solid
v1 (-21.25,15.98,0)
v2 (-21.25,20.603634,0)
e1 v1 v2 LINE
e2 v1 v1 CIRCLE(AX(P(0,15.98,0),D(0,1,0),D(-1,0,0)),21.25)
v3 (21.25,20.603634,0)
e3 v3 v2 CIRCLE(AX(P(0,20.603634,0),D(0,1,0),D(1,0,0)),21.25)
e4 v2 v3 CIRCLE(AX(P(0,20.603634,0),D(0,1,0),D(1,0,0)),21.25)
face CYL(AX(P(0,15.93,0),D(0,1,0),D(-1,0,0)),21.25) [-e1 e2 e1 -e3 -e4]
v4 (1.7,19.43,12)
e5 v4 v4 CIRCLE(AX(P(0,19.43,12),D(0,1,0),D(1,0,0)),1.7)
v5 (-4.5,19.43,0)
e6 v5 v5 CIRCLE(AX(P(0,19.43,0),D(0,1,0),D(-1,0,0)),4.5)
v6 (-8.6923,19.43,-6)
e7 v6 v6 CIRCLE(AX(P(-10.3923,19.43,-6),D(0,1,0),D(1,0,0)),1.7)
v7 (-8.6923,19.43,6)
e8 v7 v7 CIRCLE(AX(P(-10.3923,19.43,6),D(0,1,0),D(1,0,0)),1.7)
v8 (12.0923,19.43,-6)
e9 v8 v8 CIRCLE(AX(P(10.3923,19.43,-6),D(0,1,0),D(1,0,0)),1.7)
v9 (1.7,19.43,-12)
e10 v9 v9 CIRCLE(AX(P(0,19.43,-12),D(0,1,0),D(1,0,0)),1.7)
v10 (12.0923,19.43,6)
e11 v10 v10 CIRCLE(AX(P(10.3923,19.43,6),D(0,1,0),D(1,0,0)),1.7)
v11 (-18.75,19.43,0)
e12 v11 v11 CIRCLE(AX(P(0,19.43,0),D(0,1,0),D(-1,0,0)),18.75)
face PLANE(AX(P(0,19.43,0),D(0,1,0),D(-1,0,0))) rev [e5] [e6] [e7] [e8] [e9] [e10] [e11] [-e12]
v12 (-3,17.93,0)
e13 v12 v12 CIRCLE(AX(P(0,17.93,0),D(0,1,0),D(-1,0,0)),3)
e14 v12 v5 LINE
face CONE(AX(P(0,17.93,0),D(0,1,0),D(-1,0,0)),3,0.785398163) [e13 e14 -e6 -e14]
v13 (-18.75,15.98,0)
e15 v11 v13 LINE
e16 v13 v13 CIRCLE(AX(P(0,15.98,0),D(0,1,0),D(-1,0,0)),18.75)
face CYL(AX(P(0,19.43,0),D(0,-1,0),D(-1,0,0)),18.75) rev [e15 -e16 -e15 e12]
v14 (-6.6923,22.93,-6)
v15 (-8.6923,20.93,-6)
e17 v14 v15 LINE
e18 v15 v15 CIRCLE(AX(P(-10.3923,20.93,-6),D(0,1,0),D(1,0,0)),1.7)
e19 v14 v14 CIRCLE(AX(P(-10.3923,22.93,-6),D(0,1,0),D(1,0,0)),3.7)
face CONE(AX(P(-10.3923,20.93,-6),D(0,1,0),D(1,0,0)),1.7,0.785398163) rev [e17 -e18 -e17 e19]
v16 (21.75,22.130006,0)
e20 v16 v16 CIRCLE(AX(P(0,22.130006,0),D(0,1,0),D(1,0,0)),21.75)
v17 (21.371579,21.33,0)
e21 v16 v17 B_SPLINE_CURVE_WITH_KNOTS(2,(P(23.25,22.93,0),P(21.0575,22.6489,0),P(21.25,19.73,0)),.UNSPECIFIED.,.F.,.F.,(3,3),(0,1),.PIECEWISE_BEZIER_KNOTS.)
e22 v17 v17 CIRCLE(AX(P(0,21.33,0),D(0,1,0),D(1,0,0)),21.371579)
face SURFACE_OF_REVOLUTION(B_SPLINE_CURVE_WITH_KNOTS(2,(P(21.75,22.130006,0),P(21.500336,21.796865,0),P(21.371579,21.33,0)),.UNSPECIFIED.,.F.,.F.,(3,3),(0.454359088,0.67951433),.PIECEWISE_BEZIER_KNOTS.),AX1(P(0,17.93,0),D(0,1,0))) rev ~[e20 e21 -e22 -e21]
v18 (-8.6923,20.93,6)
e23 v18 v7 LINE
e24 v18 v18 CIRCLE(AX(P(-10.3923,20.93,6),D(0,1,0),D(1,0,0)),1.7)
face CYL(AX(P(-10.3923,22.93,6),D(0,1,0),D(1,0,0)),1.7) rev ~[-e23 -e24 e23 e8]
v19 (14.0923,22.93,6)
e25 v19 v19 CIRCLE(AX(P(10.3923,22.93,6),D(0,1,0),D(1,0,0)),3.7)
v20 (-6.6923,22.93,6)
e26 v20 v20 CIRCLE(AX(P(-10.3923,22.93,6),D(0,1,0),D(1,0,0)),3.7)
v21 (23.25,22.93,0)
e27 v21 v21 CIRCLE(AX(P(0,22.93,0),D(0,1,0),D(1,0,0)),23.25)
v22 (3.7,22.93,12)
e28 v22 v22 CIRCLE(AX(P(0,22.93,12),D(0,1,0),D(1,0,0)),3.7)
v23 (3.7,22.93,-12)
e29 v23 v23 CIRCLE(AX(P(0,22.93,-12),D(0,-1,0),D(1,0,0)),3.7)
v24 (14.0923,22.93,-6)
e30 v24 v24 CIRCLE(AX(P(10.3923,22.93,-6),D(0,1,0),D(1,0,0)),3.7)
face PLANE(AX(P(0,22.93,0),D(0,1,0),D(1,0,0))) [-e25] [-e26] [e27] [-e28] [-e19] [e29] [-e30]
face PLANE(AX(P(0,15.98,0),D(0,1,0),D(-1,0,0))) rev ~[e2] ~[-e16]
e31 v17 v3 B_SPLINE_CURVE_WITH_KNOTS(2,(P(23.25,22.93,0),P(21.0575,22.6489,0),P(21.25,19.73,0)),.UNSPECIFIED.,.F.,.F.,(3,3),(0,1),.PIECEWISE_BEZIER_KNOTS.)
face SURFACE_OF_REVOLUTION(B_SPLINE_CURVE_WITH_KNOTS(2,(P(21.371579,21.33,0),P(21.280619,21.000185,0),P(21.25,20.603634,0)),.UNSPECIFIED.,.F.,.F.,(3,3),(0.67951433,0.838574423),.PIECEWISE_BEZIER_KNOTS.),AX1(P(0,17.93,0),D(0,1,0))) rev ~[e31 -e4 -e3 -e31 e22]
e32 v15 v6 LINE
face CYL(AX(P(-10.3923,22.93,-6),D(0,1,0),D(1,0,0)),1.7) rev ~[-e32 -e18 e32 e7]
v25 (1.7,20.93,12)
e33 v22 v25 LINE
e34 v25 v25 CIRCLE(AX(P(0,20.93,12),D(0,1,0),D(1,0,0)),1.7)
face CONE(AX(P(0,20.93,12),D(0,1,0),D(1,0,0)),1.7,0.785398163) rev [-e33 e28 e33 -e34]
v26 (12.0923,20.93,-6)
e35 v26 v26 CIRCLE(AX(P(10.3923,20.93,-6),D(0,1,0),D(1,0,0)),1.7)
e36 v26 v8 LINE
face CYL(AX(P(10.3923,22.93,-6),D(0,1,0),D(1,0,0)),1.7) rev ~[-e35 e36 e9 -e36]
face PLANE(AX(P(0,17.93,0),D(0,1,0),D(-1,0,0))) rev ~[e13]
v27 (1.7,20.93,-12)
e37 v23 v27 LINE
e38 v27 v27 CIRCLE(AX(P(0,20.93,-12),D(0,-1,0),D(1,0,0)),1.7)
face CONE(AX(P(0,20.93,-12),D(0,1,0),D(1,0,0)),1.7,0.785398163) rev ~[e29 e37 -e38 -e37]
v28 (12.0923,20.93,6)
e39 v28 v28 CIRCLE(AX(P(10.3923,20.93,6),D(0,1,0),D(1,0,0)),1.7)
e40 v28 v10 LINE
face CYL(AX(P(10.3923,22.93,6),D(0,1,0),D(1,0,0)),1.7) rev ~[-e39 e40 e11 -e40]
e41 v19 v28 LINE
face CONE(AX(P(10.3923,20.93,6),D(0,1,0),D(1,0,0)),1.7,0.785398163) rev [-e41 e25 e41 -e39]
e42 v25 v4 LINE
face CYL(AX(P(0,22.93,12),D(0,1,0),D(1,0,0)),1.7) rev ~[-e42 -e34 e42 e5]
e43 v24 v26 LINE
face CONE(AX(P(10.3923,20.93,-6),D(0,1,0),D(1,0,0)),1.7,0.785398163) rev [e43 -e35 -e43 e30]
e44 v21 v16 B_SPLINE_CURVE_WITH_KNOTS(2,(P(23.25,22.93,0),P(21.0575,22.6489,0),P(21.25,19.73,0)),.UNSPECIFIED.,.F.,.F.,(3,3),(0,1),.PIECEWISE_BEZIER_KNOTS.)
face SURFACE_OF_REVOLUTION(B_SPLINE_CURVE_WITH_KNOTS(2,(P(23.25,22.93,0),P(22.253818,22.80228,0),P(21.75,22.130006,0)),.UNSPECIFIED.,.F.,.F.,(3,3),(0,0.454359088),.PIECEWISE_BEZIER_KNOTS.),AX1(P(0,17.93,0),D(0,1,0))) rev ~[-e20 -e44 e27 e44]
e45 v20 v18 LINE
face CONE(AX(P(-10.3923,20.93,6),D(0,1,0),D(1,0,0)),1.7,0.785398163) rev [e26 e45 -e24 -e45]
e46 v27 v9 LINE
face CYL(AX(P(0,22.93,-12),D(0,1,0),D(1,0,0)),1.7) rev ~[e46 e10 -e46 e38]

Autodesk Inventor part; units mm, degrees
ref_plane "YZ Plane" through (0, 0, 0) normal (1, 0, 0) x (0, 1, 0)
ref_plane "XZ Plane" through (0, 0, 0) normal (0, 1, 0) x (-1, 0, 0)
ref_plane "XY Plane" through (0, 0, 0) normal (0, 0, 1) x (1, 0, 0)
sketch "Эскиз1" plane through (0, 0, 0) normal (0, 0, 1) x (1, 0, 0)
  line L0 (-21.25, 15.93) -> (21.25, 15.93) projected
  line L1 (-16.25, 17.93) -> (-18.25, 15.93)
  line L2 (-16.25, 17.93) -> (16.25, 17.93) projected
  line L3 (16.25, 17.93) -> (18.25, 15.93)
  line L4 (-26.02, 3) -> (26.02, 3) projected
  line L5 (-21.25, 15.93) -> (-21.25, 5)
  line L6 (30, 22.93) -> (-30, 22.93) projected
  line L7 (-25.52, 22.93) -> (-25.52, 3)
  line L8 (-18.25, 15.93) -> (-18.75, 15.93)
  line L9 (0, 17.93) -> (0, 19.43)
  line L10 (-18.75, 15.93) -> (-14.5074, 15.93) construction
  line L11 (-21.25, 15.93) -> (-21.25, 22.93)
  line L12 (-21.25, 22.93) -> (0, 22.93)
  line L13 (0, 17.93) -> (0, 22.93)
  line L14 (-21.25, 15.98) -> (21.25, 15.98)
  line L15 (-18.75, 15.93) -> (-11.809, 15.93) construction
  line L16 (0, 19.43) -> (-15.25, 19.43)
  line L17 (-15.25, 19.43) -> (-18.75, 15.93)
  line L18 (-15.25, 19.43) -> (-18.75, 19.43)
  line L19 (-18.75, 19.43) -> (-18.75, 15.93)
  line L20 (21.25, 15.98) -> (21.25, 22.93)
  line L21 (0, 22.93) -> (21.25, 22.93)
  line L22 (21.75, 21.33) -> (21.75, 22.93)
  line L23 (22.25, 21.33) -> (21.25, 21.33)
  line L24 (23.25, 22.93) -> (21.25, 19.73)
  spline S0 degree 2 poles (23.25, 22.93) (21.0575, 22.6489) (21.25, 19.73) knots 0 0 0 1 1 1
  line L25 (23.25, 22.93) -> (21.25, 22.93)
  line L26 (23.25, 19.73) -> (21.25, 19.73)
  line L27 (22.25, 21.33) -> (21.25, 21.33)
  line L28 (21.75, 21.33) -> (21.75, 22.93)
  line L29 (23.25, 22.93) -> (21.25, 22.93)
  line L30 (23.25, 22.93) -> (21.25, 19.73)
  spline S1 degree 2 poles (23.25, 22.93) (21.0575, 22.6489) (21.25, 19.73) knots 0 0 0 1 1 1
  line L31 (0, 17.93) -> (-3, 17.93)
  line L32 (-3, 17.93) -> (-4.5, 19.43)
  point P0 (-18.7, 15.98)
  point P1 (-18.75, 15.98)
  point P2 (21.75, 22.13)
  point P3 (22.7031, 19.73)
  point P4 (21.75, 22.13)
  point P5 (21.25, 20.6035)
  dimension "d0" = 0.5
  dimension "d1" = 1.5
  dimension "d3" = 0.05
  dimension "d28" = 3
revolve "Вращение1" add sketch "Эскиз1" angle 360 about axis through (0, 17.93, 0) along (0, 1, 0) contours L11 L6 L13 L16 L18 L19 L14 | L16 L9 L2 L32 | L6 L22 S0 L23 L20 | L6 S0 L22 | L23 S0 L20
sketch "Эскиз3" plane through (0, 22.93, 0) normal (0, 1, 0) x (1, 0, 0)
  circle A0 centre (0, 0) radius 1.7
  line L0 (0, 0) -> (0, 12)
  circle A1 centre (0, 0) radius 21.25 projected
  circle A2 centre (0, 0) radius 15.75 projected
  circle A3 centre (0, 12) radius 1.7
  circle A4 centre (-10.3923, 6) radius 1.7
  circle A5 centre (-10.3923, -6) radius 1.7
  circle A6 centre (0, -12) radius 1.7
  circle A7 centre (10.3923, -6) radius 1.7
  circle A8 centre (10.3923, 6) radius 1.7
  point P0 (-21.25, 0)
  dimension "d7" = 3.4
  dimension "d8" = 12
  dimension "d9" = 3.4
  dimension "d12" = 360
extrude "Выдавливание1" cut sketch "Эскиз3" against normal blind 10 contours A3 | A4 | A5 | A6 | A7 | A8
sketch "Эскиз4" plane through (0, 22.93, 0) normal (0, 1, 0) x (1, 0, 0)
  line L0 (0, 0) -> (0, 2.85)
  circle A0 centre (0, 12) radius 1.7 projected
  line L1 (0, 12) -> (0, 9.15)
  line L2 (1.6454, 2.85) -> (3.2909, 0)
  line L3 (3.2909, 0) -> (1.6454, -2.85)
  line L4 (1.6454, -2.85) -> (-1.6454, -2.85)
  line L5 (-1.6454, -2.85) -> (-3.2909, 0)
  line L6 (-3.2909, 0) -> (-1.6454, 2.85)
  line L7 (-1.6454, 2.85) -> (1.6454, 2.85)
  line L8 (-1.6454, 9.15) -> (-3.2909, 12)
  line L9 (-3.2909, 12) -> (-1.6454, 14.85)
  line L10 (-1.6454, 14.85) -> (1.6454, 14.85)
  line L11 (1.6454, 14.85) -> (3.2909, 12)
  line L12 (3.2909, 12) -> (1.6454, 9.15)
  line L13 (1.6454, 9.15) -> (-1.6454, 9.15)
  line L14 (8.7469, 3.15) -> (7.1014, 6)
  line L15 (10.3923, 6) -> (7.9241, 4.575)
  line L16 (12.0378, 3.15) -> (8.7469, 3.15)
  line L17 (13.6832, 6) -> (12.0378, 3.15)
  line L18 (12.0378, 8.85) -> (13.6832, 6)
  line L19 (8.7469, 8.85) -> (12.0378, 8.85)
  line L20 (7.1014, 6) -> (8.7469, 8.85)
  line L21 (7.1014, -6) -> (8.7469, -3.15)
  line L22 (10.3923, -6) -> (7.9241, -4.575)
  line L23 (8.7469, -8.85) -> (7.1014, -6)
  line L24 (12.0378, -8.85) -> (8.7469, -8.85)
  line L25 (13.6832, -6) -> (12.0378, -8.85)
  line L26 (12.0378, -3.15) -> (13.6832, -6)
  line L27 (8.7469, -3.15) -> (12.0378, -3.15)
  line L28 (-1.6454, -9.15) -> (1.6454, -9.15)
  line L29 (0, -12) -> (0, -9.15)
  line L30 (-3.2909, -12) -> (-1.6454, -9.15)
  line L31 (-1.6454, -14.85) -> (-3.2909, -12)
  line L32 (1.6454, -14.85) -> (-1.6454, -14.85)
  line L33 (3.2909, -12) -> (1.6454, -14.85)
  line L34 (1.6454, -9.15) -> (3.2909, -12)
  line L35 (-8.7469, -3.15) -> (-7.1014, -6)
  line L36 (-10.3923, -6) -> (-7.9241, -4.575)
  line L37 (-12.0378, -3.15) -> (-8.7469, -3.15)
  line L38 (-13.6832, -6) -> (-12.0378, -3.15)
  line L39 (-12.0378, -8.85) -> (-13.6832, -6)
  line L40 (-8.7469, -8.85) -> (-12.0378, -8.85)
  line L41 (-7.1014, -6) -> (-8.7469, -8.85)
  line L42 (-7.1014, 6) -> (-8.7469, 3.15)
  line L43 (-10.3923, 6) -> (-7.9241, 4.575)
  line L44 (-8.7469, 8.85) -> (-7.1014, 6)
  line L45 (-12.0378, 8.85) -> (-8.7469, 8.85)
  line L46 (-13.6832, 6) -> (-12.0378, 8.85)
  line L47 (-12.0378, 3.15) -> (-13.6832, 6)
  line L48 (-8.7469, 3.15) -> (-12.0378, 3.15)
  dimension "d16" = 2.85
  dimension "d17" = 2.85
  dimension "d20" = 360
chamfer "Фаска1" distance 2 angle 45 6 edges at (-12.0923, 22.93, -6) (-12.0923, 22.93, 6) (-1.7, 22.93, -12) (8.6923, 22.93, -6) (8.6923, 22.93, 6) (-1.7, 22.93, 12)
properties part number "tire_cap2"
